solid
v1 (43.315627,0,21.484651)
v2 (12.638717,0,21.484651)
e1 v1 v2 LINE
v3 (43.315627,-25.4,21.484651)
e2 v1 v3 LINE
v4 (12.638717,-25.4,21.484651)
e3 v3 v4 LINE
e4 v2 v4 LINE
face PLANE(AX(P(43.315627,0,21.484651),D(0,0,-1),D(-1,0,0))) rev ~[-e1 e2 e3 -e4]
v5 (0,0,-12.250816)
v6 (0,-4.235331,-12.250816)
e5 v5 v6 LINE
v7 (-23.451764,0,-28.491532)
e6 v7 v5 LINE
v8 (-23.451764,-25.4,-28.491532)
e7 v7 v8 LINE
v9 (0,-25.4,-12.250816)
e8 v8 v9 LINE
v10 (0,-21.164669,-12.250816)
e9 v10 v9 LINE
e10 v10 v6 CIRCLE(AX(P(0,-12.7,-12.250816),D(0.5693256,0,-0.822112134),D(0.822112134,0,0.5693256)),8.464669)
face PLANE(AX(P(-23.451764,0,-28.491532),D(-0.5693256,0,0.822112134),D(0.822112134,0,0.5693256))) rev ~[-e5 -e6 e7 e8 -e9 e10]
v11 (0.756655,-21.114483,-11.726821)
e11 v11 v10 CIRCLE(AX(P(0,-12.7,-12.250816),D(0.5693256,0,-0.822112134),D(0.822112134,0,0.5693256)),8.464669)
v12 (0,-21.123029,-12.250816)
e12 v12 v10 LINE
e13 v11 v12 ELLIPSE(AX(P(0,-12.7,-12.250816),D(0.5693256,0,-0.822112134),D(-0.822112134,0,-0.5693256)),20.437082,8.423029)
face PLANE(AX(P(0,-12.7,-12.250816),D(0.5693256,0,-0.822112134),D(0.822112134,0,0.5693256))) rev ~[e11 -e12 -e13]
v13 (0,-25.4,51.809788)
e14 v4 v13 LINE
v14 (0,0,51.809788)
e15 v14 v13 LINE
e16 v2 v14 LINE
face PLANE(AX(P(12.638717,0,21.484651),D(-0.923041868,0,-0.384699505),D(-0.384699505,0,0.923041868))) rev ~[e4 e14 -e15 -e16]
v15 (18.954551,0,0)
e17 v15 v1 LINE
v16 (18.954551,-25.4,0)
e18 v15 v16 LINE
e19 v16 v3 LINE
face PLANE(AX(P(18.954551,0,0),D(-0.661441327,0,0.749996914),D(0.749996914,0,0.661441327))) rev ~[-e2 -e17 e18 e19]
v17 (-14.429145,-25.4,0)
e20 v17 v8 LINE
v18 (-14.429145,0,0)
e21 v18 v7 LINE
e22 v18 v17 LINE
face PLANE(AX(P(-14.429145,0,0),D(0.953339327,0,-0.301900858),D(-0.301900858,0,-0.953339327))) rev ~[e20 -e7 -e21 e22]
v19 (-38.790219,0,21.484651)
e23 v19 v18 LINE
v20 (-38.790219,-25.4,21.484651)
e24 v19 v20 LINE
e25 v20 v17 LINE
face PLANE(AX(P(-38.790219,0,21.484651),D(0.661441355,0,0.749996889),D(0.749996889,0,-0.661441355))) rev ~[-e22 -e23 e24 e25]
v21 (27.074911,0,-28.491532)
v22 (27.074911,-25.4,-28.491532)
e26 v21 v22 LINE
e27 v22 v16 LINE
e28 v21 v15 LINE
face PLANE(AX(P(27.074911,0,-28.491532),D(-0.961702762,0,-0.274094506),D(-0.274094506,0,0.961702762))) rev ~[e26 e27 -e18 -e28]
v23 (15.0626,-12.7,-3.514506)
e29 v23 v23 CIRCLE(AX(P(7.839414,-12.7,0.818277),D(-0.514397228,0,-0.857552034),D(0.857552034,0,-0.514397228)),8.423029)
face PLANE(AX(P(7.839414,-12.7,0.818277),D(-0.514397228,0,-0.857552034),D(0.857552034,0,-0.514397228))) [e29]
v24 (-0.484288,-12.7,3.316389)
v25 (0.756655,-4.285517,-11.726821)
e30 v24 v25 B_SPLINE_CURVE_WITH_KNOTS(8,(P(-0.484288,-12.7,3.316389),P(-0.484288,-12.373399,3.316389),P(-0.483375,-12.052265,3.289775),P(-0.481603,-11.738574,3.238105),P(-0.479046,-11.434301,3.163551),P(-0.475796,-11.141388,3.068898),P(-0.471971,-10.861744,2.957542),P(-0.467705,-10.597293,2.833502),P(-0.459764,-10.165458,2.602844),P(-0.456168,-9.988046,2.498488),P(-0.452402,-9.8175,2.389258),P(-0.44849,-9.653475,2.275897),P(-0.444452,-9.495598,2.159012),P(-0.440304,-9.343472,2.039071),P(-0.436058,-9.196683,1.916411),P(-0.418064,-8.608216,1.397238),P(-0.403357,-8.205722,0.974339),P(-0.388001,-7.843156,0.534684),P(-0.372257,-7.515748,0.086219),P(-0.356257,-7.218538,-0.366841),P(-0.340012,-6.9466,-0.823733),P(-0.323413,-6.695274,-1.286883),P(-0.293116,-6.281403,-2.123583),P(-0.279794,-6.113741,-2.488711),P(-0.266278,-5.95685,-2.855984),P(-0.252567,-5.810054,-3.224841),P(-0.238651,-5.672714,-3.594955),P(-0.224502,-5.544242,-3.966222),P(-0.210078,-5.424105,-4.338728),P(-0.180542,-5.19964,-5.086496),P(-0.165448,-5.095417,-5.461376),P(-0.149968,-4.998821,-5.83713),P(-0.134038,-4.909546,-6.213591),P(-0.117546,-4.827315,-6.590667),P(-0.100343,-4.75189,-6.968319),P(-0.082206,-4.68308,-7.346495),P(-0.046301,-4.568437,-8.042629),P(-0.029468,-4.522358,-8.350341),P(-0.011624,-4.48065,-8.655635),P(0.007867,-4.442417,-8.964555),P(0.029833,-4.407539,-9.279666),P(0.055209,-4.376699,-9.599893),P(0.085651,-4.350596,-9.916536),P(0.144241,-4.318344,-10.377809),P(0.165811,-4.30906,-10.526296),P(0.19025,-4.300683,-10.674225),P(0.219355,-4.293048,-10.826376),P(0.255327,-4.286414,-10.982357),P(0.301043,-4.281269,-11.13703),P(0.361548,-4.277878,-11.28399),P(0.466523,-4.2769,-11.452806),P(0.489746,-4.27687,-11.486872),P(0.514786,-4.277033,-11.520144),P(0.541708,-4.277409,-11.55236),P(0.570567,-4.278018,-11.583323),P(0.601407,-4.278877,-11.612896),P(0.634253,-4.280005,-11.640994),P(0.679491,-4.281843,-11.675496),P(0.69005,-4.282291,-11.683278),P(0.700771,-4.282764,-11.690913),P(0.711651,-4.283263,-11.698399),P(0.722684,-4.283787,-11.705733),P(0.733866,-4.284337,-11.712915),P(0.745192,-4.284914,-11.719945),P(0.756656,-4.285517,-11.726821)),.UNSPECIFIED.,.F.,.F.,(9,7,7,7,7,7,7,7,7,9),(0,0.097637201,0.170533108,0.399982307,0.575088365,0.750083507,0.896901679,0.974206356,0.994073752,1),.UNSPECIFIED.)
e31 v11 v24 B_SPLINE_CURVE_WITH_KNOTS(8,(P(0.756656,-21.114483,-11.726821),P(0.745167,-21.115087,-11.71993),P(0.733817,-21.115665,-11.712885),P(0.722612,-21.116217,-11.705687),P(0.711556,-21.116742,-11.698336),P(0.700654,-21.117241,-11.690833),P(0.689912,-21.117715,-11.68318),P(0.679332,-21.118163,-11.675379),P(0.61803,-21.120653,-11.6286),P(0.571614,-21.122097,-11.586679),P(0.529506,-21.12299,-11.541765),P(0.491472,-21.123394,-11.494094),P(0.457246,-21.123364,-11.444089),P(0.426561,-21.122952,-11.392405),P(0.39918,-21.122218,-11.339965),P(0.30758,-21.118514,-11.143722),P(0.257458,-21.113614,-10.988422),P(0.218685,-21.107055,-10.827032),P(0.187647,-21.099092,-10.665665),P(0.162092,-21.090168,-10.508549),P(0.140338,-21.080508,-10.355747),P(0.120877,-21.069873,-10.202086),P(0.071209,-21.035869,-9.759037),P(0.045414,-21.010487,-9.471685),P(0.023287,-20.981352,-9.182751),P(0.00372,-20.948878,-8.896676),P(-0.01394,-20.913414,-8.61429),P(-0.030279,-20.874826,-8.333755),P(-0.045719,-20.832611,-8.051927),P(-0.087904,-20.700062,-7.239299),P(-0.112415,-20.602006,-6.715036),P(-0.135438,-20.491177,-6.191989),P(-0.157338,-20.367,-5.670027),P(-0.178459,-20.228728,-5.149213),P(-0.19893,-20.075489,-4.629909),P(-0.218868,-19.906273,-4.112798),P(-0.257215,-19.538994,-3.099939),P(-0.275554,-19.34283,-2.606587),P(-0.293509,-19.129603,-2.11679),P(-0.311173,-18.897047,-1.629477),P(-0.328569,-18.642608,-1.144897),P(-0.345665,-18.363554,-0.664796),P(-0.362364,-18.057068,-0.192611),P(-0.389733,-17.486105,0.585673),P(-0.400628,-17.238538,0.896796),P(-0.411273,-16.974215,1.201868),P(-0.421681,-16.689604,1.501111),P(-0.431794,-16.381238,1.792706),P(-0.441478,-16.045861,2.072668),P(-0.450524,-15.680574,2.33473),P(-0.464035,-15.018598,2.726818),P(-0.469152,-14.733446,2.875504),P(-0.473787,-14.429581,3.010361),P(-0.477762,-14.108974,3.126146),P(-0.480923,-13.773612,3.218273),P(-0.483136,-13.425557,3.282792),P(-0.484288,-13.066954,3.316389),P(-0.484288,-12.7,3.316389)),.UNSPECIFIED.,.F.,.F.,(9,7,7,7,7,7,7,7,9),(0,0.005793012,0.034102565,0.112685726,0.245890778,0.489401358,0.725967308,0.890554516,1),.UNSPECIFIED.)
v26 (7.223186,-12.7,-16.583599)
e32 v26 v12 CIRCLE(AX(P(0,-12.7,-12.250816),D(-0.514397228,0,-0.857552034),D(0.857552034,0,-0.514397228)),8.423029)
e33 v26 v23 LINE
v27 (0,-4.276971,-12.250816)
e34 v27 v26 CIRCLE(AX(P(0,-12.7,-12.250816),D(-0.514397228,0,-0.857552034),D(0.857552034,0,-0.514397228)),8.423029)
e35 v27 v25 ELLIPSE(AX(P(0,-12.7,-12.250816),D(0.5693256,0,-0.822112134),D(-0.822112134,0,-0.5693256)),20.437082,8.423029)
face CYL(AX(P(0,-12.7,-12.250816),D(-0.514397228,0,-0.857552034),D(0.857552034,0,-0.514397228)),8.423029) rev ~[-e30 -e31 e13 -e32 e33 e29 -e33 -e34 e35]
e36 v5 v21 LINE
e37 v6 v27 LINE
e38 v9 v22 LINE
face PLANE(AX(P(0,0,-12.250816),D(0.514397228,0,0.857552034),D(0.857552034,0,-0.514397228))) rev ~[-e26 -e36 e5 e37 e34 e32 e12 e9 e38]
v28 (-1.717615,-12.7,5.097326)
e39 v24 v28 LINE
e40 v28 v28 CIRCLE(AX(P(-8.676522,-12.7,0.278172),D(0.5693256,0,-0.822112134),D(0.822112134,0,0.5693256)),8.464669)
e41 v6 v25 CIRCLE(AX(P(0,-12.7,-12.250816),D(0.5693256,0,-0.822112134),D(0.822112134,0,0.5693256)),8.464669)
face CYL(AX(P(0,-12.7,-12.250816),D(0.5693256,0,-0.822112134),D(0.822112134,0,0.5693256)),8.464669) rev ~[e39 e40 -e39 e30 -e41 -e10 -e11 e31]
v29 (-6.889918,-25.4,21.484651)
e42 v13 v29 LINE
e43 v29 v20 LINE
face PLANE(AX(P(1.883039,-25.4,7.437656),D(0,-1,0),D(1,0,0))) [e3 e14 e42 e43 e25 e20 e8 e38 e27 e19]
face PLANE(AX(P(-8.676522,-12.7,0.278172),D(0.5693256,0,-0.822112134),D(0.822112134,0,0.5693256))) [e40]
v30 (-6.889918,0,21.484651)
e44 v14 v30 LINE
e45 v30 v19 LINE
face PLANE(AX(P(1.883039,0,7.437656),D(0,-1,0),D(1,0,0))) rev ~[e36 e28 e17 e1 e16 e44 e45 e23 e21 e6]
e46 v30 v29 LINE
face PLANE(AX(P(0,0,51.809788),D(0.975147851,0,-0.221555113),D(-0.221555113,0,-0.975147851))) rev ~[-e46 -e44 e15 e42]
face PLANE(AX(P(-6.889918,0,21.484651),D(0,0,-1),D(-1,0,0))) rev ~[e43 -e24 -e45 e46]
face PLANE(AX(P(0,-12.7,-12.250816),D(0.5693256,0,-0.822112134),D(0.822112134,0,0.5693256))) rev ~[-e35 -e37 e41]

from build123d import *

# Parameters (mm, degrees)
F1_DEPTH = 25.4
F2_R     = 8.4230292531
F3_DEPTH = 15.24
F4_R     = 8.4646694798
F5_DEPTH = 15.24


with BuildPart() as f1:
    # F0 (on Front) → F1 (new body)
    with BuildSketch(Plane.XZ):
        Polygon((0, 51.8097877502), (-6.8899182792, 21.4846514834), (-38.7902185321, 21.4846514834), (-14.4291445613, 0), (-23.4517641366, -28.4915324301), (0, -12.2508164495), (27.0749107003, -28.4915324301), (18.9545508474, 0), (43.3156266809, 21.4846514834), (12.6387169585, 21.4846514834), align=None)
    extrude(amount=F1_DEPTH)

    # F2 (on face) → F3 (cut)
    with BuildSketch(Plane(origin=(-5.4041094275, 0, -9.0091951821), x_dir=(0.8575520342, 0, -0.5143972285), z_dir=(-0.5143972285, 0, -0.8575520342))):
        with Locations((6.3017860283, 12.7)):
            Circle(F2_R)
    extrude(amount=-F3_DEPTH, mode=Mode.SUBTRACT)

    # F4 (on face) → F5 (cut)
    with BuildSketch(Plane(origin=(5.7339883167, 0, -8.279939242), x_dir=(0.8221121344, 0, 0.5693255996), z_dir=(0.5693255996, 0, -0.8221121344))):
        with Locations((-6.9747034212, 12.7)):
            Circle(F4_R)
    extrude(amount=-F5_DEPTH, mode=Mode.SUBTRACT)


solid = f1.part
